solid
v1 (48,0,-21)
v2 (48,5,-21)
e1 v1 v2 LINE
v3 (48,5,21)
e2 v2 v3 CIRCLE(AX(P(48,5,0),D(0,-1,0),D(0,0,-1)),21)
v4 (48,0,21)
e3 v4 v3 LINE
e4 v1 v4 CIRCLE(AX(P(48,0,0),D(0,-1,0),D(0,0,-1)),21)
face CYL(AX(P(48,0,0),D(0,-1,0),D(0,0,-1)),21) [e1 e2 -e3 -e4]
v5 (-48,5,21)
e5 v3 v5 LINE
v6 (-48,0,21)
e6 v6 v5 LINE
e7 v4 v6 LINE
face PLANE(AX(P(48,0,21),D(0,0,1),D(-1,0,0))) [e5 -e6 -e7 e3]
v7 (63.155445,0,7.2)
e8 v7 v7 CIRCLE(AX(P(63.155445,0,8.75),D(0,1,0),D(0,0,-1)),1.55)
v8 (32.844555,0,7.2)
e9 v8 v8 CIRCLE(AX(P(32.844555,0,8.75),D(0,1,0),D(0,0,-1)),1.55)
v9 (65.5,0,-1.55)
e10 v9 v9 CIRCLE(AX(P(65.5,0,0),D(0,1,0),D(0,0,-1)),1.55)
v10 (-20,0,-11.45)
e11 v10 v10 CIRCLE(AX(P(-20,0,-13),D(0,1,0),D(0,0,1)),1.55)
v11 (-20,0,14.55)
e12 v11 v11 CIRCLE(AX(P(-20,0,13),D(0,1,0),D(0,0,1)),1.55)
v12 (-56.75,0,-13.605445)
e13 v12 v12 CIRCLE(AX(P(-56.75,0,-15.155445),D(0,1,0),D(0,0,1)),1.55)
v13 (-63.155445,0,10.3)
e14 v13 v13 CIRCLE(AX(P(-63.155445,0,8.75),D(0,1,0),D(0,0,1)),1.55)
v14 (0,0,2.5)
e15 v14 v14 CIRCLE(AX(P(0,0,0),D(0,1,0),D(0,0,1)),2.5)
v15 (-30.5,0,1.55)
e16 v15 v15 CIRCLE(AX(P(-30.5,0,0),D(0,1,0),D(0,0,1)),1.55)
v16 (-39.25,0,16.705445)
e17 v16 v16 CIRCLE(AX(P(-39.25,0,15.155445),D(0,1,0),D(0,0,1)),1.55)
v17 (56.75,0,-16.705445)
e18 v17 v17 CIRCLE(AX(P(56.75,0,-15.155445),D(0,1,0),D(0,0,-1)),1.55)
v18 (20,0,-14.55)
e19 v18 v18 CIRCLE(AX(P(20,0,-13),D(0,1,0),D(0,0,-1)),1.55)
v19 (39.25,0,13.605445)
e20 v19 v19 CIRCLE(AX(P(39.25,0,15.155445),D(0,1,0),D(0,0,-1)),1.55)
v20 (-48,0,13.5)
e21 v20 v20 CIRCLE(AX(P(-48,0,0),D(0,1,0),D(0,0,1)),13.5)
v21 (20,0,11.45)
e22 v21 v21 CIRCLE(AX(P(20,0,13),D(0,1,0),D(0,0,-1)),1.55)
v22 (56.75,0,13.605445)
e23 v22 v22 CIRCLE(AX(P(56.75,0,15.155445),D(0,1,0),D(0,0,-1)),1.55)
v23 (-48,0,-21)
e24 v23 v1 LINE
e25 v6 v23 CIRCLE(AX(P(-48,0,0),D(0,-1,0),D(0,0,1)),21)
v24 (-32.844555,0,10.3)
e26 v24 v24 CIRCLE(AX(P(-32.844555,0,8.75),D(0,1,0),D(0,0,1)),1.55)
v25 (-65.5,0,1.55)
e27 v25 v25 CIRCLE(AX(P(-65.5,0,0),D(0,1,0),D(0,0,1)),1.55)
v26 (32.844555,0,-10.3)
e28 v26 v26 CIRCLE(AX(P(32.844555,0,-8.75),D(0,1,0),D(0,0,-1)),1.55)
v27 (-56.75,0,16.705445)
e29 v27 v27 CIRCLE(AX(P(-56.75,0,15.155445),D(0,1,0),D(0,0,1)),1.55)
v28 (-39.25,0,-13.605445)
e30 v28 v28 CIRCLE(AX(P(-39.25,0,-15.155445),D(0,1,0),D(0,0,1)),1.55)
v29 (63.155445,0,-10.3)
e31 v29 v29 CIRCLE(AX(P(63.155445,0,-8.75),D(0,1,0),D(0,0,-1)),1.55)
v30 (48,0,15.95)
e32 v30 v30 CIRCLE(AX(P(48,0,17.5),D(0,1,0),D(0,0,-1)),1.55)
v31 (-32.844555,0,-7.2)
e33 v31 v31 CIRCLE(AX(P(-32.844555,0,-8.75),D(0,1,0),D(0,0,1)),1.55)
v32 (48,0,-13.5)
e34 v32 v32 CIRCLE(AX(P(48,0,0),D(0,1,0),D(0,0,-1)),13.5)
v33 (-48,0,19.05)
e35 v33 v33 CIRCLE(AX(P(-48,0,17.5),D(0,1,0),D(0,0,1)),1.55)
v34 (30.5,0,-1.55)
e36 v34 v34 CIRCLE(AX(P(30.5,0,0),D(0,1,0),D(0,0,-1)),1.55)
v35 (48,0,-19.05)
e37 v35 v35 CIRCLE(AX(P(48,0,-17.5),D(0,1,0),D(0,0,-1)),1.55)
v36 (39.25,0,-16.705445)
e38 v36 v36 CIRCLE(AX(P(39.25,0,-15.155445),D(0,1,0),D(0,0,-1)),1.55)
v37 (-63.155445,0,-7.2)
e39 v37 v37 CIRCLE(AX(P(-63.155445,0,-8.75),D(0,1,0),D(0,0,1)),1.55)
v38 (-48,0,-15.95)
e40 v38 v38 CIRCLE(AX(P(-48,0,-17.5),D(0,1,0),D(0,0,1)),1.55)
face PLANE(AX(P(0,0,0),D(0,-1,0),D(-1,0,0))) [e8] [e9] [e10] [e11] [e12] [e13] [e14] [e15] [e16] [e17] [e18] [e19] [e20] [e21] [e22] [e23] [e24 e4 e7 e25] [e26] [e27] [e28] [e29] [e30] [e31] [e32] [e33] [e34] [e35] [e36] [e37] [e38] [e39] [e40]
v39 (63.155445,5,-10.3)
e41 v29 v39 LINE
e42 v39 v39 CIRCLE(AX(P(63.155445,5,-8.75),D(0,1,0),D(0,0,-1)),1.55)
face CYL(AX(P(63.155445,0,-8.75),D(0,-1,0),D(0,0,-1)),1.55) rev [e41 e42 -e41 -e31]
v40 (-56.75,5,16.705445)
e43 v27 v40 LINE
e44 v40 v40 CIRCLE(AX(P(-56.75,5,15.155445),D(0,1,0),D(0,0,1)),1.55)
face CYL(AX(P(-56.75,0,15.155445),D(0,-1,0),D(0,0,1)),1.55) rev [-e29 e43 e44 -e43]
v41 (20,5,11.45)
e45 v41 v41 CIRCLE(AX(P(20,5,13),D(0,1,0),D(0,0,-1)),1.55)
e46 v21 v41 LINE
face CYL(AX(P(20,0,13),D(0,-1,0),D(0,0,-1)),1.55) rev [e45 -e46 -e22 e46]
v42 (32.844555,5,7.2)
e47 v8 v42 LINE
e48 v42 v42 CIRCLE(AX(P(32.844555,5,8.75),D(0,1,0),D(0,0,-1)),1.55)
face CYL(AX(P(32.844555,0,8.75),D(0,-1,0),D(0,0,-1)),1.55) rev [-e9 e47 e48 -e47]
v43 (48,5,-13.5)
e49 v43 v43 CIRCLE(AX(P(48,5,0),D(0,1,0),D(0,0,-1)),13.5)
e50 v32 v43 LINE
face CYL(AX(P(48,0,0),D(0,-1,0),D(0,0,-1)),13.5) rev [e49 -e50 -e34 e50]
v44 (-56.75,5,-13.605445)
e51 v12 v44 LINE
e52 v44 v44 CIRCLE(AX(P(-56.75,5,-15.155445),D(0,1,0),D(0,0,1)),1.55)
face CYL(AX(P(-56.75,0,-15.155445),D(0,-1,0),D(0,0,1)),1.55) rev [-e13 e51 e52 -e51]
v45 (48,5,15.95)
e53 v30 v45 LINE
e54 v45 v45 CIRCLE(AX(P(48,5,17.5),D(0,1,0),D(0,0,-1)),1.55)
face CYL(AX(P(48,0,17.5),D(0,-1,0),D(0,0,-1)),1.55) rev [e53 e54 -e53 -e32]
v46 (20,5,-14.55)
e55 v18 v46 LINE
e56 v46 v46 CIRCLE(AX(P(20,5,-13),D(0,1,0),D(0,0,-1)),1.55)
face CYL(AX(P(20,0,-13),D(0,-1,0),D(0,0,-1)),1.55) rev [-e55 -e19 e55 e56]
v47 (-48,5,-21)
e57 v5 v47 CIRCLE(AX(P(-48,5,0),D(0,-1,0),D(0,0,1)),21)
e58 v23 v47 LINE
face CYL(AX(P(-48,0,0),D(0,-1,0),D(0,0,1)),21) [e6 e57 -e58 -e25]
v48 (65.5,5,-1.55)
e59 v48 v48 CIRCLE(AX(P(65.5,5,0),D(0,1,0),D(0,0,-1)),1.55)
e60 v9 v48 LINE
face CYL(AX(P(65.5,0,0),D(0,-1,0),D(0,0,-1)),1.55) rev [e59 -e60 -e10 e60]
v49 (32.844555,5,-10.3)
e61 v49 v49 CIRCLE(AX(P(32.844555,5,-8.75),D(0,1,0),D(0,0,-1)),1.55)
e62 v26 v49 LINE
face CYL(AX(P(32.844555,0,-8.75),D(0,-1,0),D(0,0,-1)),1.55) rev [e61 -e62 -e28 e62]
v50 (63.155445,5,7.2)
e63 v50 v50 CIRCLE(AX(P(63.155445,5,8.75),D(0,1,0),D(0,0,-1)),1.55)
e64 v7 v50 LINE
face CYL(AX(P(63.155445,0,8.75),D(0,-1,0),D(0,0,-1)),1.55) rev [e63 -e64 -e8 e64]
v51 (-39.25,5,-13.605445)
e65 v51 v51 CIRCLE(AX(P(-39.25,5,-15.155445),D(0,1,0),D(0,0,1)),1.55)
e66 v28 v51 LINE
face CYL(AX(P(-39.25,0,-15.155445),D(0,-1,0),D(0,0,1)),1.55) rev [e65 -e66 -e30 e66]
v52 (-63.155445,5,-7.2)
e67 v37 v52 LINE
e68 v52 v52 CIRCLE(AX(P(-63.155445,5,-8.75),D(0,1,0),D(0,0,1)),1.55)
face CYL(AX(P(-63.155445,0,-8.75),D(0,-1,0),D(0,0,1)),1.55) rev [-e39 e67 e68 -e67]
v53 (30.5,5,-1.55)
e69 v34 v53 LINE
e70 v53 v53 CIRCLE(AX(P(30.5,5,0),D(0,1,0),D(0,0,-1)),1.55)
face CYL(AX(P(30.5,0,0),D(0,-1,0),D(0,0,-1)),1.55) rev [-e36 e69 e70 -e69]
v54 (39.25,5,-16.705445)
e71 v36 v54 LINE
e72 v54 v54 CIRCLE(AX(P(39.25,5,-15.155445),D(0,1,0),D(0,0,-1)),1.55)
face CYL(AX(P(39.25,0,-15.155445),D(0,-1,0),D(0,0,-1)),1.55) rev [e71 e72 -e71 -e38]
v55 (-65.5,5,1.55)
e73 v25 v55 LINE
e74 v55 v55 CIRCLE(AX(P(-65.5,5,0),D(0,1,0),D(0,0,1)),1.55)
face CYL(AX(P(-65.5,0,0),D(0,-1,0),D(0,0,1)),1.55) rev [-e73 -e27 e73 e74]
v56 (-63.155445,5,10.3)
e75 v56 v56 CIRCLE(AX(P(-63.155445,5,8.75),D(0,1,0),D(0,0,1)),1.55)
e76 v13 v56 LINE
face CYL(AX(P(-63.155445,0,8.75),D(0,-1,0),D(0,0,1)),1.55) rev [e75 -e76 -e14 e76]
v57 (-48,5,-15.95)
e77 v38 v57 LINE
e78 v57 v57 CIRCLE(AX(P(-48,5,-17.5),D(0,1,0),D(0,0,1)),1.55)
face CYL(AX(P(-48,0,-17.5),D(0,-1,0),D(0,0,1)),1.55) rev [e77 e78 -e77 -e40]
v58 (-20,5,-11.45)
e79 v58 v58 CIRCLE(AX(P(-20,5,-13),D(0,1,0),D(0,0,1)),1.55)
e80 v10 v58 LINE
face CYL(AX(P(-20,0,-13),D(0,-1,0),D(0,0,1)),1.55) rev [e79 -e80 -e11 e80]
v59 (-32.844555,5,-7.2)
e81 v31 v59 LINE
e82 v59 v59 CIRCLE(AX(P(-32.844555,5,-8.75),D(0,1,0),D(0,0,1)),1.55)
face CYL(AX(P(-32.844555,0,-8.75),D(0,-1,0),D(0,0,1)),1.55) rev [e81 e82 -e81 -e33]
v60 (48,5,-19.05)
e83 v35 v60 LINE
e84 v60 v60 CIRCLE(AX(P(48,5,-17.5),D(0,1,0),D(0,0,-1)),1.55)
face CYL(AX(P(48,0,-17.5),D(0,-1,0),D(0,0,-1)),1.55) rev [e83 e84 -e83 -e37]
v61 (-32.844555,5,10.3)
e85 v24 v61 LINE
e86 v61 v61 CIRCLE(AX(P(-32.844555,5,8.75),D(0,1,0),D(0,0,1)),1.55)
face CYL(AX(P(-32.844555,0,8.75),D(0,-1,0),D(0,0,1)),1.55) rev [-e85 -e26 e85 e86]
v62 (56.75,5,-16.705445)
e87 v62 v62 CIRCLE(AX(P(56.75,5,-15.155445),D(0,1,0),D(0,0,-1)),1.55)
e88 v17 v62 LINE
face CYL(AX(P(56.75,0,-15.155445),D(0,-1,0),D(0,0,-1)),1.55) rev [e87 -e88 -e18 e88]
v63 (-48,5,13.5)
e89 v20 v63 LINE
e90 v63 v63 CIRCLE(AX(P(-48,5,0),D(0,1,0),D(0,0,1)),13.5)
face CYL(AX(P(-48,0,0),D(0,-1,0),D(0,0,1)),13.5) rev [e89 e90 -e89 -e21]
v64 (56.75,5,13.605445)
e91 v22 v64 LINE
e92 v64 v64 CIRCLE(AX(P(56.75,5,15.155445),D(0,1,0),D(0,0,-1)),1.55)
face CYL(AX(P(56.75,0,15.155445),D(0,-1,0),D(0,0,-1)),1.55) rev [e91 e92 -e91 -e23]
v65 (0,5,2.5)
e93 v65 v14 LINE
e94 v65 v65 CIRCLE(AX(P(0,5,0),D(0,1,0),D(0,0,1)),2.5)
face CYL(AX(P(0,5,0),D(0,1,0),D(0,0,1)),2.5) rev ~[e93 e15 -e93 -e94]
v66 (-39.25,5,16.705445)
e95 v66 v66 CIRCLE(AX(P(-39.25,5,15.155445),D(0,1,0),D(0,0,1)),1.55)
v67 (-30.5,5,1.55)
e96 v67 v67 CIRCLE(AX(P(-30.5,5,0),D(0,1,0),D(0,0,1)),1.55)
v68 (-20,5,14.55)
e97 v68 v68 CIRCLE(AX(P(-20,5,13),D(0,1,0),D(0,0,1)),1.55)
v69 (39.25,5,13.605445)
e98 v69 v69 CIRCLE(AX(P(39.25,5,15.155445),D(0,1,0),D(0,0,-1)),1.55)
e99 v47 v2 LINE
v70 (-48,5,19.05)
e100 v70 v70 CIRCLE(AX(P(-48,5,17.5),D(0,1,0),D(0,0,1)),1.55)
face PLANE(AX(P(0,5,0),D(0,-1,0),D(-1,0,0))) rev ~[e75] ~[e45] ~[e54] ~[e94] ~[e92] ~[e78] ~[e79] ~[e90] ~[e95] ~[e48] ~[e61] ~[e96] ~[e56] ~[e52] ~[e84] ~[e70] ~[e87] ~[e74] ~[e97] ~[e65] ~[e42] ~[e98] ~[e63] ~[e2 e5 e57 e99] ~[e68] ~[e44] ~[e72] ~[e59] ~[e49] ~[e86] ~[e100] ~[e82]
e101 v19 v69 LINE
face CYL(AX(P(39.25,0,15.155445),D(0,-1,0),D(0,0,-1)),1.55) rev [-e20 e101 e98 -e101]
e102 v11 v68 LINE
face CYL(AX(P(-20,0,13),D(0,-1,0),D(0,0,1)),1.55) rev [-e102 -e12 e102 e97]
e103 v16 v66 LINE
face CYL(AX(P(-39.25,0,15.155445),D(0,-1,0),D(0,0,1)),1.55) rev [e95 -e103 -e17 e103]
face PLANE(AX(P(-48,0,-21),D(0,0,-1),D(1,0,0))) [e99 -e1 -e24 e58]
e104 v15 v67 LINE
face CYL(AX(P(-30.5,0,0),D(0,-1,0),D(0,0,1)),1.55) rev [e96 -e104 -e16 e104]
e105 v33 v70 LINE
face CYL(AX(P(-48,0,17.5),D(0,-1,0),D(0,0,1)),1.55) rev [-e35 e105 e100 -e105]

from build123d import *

# Parameters (mm, degrees)
SKETCH_1_R          = 13.5
SKETCH_1_R_2        = 1.55
EXTRUDE_1_DEPTH     = 5
SKETCH_2_R          = 2.5
CUT_EXTRUDE_1_DEPTH = 5


with BuildPart() as part:
    # 草图1 → 凸台-拉伸1 (new body)
    with BuildSketch(Plane(origin=(0, 0, 0), x_dir=(1, 0, 0), z_dir=(0, 1, 0))):
        with BuildLine():
            Line((-48, 21), (48, 21))
            ThreePointArc((48, 21), (69, 0), (48, -21))
            Line((48, -21), (-48, -21))
            ThreePointArc((-48, -21), (-69, 0), (-48, 21))
        make_face()
        with Locations(Location((-48, 0, 0), (0, 0, 270))):
            Circle(SKETCH_1_R, mode=Mode.SUBTRACT)
        with Locations(Location((-48, 17.5, 0), (0, 0, 270))):
            Circle(SKETCH_1_R_2, mode=Mode.SUBTRACT)
        with Locations(Location((-20, 13, 0), (0, 0, 270))):
            Circle(SKETCH_1_R_2, mode=Mode.SUBTRACT)
        with Locations(Location((-20, -13, 0), (0, 0, 270))):
            Circle(SKETCH_1_R_2, mode=Mode.SUBTRACT)
        with Locations(Location((-39.25, 15.155444566, 0), (0, 0, 270))):
            Circle(SKETCH_1_R_2, mode=Mode.SUBTRACT)
        with Locations(Location((-32.844555434, 8.75, 0), (0, 0, 270))):
            Circle(SKETCH_1_R_2, mode=Mode.SUBTRACT)
        with Locations(Location((-30.5, 0, 0), (0, 0, 270))):
            Circle(SKETCH_1_R_2, mode=Mode.SUBTRACT)
        with Locations(Location((-32.844555434, -8.75, 0), (0, 0, 270))):
            Circle(SKETCH_1_R_2, mode=Mode.SUBTRACT)
        with Locations(Location((-39.25, -15.155444566, 0), (0, 0, 270))):
            Circle(SKETCH_1_R_2, mode=Mode.SUBTRACT)
        with Locations(Location((-48, -17.5, 0), (0, 0, 270))):
            Circle(SKETCH_1_R_2, mode=Mode.SUBTRACT)
        with Locations(Location((-56.75, -15.155444566, 0), (0, 0, 270))):
            Circle(SKETCH_1_R_2, mode=Mode.SUBTRACT)
        with Locations(Location((-63.155444566, -8.75, 0), (0, 0, 270))):
            Circle(SKETCH_1_R_2, mode=Mode.SUBTRACT)
        with Locations(Location((-65.5, 0, 0), (0, 0, 270))):
            Circle(SKETCH_1_R_2, mode=Mode.SUBTRACT)
        with Locations(Location((-63.155444566, 8.75, 0), (0, 0, 270))):
            Circle(SKETCH_1_R_2, mode=Mode.SUBTRACT)
        with Locations(Location((-56.75, 15.155444566, 0), (0, 0, 270))):
            Circle(SKETCH_1_R_2, mode=Mode.SUBTRACT)
        with Locations(Location((56.75, 15.155444566, 0), (0, 0, 90))):
            Circle(SKETCH_1_R_2, mode=Mode.SUBTRACT)
        with Locations(Location((63.155444566, 8.75, 0), (0, 0, 90))):
            Circle(SKETCH_1_R_2, mode=Mode.SUBTRACT)
        with Locations(Location((65.5, 0, 0), (0, 0, 90))):
            Circle(SKETCH_1_R_2, mode=Mode.SUBTRACT)
        with Locations(Location((63.155444566, -8.75, 0), (0, 0, 90))):
            Circle(SKETCH_1_R_2, mode=Mode.SUBTRACT)
        with Locations(Location((56.75, -15.155444566, 0), (0, 0, 90))):
            Circle(SKETCH_1_R_2, mode=Mode.SUBTRACT)
        with Locations(Location((48, -17.5, 0), (0, 0, 90))):
            Circle(SKETCH_1_R_2, mode=Mode.SUBTRACT)
        with Locations(Location((39.25, -15.155444566, 0), (0, 0, 90))):
            Circle(SKETCH_1_R_2, mode=Mode.SUBTRACT)
        with Locations(Location((32.844555434, -8.75, 0), (0, 0, 90))):
            Circle(SKETCH_1_R_2, mode=Mode.SUBTRACT)
        with Locations(Location((30.5, 0, 0), (0, 0, 90))):
            Circle(SKETCH_1_R_2, mode=Mode.SUBTRACT)
        with Locations(Location((39.25, 15.155444566, 0), (0, 0, 90))):
            Circle(SKETCH_1_R_2, mode=Mode.SUBTRACT)
        with Locations(Location((20, -13, 0), (0, 0, 90))):
            Circle(SKETCH_1_R_2, mode=Mode.SUBTRACT)
        with Locations(Location((20, 13, 0), (0, 0, 90))):
            Circle(SKETCH_1_R_2, mode=Mode.SUBTRACT)
        with Locations(Location((48, 17.5, 0), (0, 0, 90))):
            Circle(SKETCH_1_R_2, mode=Mode.SUBTRACT)
        with Locations(Location((48, 0, 0), (0, 0, 90))):
            Circle(SKETCH_1_R, mode=Mode.SUBTRACT)
        with Locations(Location((32.844555434, 8.75, 0), (0, 0, 90))):
            Circle(SKETCH_1_R_2, mode=Mode.SUBTRACT)
    extrude(amount=EXTRUDE_1_DEPTH)

    # 草图2 → 切除-拉伸1 (cut)
    with BuildSketch(Plane(origin=(0, 5, 0), x_dir=(1, 0, 0), z_dir=(0, 1, 0))):
        with Locations(Location((0, 0, 0), (0, 0, 270))):
            Circle(SKETCH_2_R)
    extrude(amount=-CUT_EXTRUDE_1_DEPTH, mode=Mode.SUBTRACT)


solid = part.part
